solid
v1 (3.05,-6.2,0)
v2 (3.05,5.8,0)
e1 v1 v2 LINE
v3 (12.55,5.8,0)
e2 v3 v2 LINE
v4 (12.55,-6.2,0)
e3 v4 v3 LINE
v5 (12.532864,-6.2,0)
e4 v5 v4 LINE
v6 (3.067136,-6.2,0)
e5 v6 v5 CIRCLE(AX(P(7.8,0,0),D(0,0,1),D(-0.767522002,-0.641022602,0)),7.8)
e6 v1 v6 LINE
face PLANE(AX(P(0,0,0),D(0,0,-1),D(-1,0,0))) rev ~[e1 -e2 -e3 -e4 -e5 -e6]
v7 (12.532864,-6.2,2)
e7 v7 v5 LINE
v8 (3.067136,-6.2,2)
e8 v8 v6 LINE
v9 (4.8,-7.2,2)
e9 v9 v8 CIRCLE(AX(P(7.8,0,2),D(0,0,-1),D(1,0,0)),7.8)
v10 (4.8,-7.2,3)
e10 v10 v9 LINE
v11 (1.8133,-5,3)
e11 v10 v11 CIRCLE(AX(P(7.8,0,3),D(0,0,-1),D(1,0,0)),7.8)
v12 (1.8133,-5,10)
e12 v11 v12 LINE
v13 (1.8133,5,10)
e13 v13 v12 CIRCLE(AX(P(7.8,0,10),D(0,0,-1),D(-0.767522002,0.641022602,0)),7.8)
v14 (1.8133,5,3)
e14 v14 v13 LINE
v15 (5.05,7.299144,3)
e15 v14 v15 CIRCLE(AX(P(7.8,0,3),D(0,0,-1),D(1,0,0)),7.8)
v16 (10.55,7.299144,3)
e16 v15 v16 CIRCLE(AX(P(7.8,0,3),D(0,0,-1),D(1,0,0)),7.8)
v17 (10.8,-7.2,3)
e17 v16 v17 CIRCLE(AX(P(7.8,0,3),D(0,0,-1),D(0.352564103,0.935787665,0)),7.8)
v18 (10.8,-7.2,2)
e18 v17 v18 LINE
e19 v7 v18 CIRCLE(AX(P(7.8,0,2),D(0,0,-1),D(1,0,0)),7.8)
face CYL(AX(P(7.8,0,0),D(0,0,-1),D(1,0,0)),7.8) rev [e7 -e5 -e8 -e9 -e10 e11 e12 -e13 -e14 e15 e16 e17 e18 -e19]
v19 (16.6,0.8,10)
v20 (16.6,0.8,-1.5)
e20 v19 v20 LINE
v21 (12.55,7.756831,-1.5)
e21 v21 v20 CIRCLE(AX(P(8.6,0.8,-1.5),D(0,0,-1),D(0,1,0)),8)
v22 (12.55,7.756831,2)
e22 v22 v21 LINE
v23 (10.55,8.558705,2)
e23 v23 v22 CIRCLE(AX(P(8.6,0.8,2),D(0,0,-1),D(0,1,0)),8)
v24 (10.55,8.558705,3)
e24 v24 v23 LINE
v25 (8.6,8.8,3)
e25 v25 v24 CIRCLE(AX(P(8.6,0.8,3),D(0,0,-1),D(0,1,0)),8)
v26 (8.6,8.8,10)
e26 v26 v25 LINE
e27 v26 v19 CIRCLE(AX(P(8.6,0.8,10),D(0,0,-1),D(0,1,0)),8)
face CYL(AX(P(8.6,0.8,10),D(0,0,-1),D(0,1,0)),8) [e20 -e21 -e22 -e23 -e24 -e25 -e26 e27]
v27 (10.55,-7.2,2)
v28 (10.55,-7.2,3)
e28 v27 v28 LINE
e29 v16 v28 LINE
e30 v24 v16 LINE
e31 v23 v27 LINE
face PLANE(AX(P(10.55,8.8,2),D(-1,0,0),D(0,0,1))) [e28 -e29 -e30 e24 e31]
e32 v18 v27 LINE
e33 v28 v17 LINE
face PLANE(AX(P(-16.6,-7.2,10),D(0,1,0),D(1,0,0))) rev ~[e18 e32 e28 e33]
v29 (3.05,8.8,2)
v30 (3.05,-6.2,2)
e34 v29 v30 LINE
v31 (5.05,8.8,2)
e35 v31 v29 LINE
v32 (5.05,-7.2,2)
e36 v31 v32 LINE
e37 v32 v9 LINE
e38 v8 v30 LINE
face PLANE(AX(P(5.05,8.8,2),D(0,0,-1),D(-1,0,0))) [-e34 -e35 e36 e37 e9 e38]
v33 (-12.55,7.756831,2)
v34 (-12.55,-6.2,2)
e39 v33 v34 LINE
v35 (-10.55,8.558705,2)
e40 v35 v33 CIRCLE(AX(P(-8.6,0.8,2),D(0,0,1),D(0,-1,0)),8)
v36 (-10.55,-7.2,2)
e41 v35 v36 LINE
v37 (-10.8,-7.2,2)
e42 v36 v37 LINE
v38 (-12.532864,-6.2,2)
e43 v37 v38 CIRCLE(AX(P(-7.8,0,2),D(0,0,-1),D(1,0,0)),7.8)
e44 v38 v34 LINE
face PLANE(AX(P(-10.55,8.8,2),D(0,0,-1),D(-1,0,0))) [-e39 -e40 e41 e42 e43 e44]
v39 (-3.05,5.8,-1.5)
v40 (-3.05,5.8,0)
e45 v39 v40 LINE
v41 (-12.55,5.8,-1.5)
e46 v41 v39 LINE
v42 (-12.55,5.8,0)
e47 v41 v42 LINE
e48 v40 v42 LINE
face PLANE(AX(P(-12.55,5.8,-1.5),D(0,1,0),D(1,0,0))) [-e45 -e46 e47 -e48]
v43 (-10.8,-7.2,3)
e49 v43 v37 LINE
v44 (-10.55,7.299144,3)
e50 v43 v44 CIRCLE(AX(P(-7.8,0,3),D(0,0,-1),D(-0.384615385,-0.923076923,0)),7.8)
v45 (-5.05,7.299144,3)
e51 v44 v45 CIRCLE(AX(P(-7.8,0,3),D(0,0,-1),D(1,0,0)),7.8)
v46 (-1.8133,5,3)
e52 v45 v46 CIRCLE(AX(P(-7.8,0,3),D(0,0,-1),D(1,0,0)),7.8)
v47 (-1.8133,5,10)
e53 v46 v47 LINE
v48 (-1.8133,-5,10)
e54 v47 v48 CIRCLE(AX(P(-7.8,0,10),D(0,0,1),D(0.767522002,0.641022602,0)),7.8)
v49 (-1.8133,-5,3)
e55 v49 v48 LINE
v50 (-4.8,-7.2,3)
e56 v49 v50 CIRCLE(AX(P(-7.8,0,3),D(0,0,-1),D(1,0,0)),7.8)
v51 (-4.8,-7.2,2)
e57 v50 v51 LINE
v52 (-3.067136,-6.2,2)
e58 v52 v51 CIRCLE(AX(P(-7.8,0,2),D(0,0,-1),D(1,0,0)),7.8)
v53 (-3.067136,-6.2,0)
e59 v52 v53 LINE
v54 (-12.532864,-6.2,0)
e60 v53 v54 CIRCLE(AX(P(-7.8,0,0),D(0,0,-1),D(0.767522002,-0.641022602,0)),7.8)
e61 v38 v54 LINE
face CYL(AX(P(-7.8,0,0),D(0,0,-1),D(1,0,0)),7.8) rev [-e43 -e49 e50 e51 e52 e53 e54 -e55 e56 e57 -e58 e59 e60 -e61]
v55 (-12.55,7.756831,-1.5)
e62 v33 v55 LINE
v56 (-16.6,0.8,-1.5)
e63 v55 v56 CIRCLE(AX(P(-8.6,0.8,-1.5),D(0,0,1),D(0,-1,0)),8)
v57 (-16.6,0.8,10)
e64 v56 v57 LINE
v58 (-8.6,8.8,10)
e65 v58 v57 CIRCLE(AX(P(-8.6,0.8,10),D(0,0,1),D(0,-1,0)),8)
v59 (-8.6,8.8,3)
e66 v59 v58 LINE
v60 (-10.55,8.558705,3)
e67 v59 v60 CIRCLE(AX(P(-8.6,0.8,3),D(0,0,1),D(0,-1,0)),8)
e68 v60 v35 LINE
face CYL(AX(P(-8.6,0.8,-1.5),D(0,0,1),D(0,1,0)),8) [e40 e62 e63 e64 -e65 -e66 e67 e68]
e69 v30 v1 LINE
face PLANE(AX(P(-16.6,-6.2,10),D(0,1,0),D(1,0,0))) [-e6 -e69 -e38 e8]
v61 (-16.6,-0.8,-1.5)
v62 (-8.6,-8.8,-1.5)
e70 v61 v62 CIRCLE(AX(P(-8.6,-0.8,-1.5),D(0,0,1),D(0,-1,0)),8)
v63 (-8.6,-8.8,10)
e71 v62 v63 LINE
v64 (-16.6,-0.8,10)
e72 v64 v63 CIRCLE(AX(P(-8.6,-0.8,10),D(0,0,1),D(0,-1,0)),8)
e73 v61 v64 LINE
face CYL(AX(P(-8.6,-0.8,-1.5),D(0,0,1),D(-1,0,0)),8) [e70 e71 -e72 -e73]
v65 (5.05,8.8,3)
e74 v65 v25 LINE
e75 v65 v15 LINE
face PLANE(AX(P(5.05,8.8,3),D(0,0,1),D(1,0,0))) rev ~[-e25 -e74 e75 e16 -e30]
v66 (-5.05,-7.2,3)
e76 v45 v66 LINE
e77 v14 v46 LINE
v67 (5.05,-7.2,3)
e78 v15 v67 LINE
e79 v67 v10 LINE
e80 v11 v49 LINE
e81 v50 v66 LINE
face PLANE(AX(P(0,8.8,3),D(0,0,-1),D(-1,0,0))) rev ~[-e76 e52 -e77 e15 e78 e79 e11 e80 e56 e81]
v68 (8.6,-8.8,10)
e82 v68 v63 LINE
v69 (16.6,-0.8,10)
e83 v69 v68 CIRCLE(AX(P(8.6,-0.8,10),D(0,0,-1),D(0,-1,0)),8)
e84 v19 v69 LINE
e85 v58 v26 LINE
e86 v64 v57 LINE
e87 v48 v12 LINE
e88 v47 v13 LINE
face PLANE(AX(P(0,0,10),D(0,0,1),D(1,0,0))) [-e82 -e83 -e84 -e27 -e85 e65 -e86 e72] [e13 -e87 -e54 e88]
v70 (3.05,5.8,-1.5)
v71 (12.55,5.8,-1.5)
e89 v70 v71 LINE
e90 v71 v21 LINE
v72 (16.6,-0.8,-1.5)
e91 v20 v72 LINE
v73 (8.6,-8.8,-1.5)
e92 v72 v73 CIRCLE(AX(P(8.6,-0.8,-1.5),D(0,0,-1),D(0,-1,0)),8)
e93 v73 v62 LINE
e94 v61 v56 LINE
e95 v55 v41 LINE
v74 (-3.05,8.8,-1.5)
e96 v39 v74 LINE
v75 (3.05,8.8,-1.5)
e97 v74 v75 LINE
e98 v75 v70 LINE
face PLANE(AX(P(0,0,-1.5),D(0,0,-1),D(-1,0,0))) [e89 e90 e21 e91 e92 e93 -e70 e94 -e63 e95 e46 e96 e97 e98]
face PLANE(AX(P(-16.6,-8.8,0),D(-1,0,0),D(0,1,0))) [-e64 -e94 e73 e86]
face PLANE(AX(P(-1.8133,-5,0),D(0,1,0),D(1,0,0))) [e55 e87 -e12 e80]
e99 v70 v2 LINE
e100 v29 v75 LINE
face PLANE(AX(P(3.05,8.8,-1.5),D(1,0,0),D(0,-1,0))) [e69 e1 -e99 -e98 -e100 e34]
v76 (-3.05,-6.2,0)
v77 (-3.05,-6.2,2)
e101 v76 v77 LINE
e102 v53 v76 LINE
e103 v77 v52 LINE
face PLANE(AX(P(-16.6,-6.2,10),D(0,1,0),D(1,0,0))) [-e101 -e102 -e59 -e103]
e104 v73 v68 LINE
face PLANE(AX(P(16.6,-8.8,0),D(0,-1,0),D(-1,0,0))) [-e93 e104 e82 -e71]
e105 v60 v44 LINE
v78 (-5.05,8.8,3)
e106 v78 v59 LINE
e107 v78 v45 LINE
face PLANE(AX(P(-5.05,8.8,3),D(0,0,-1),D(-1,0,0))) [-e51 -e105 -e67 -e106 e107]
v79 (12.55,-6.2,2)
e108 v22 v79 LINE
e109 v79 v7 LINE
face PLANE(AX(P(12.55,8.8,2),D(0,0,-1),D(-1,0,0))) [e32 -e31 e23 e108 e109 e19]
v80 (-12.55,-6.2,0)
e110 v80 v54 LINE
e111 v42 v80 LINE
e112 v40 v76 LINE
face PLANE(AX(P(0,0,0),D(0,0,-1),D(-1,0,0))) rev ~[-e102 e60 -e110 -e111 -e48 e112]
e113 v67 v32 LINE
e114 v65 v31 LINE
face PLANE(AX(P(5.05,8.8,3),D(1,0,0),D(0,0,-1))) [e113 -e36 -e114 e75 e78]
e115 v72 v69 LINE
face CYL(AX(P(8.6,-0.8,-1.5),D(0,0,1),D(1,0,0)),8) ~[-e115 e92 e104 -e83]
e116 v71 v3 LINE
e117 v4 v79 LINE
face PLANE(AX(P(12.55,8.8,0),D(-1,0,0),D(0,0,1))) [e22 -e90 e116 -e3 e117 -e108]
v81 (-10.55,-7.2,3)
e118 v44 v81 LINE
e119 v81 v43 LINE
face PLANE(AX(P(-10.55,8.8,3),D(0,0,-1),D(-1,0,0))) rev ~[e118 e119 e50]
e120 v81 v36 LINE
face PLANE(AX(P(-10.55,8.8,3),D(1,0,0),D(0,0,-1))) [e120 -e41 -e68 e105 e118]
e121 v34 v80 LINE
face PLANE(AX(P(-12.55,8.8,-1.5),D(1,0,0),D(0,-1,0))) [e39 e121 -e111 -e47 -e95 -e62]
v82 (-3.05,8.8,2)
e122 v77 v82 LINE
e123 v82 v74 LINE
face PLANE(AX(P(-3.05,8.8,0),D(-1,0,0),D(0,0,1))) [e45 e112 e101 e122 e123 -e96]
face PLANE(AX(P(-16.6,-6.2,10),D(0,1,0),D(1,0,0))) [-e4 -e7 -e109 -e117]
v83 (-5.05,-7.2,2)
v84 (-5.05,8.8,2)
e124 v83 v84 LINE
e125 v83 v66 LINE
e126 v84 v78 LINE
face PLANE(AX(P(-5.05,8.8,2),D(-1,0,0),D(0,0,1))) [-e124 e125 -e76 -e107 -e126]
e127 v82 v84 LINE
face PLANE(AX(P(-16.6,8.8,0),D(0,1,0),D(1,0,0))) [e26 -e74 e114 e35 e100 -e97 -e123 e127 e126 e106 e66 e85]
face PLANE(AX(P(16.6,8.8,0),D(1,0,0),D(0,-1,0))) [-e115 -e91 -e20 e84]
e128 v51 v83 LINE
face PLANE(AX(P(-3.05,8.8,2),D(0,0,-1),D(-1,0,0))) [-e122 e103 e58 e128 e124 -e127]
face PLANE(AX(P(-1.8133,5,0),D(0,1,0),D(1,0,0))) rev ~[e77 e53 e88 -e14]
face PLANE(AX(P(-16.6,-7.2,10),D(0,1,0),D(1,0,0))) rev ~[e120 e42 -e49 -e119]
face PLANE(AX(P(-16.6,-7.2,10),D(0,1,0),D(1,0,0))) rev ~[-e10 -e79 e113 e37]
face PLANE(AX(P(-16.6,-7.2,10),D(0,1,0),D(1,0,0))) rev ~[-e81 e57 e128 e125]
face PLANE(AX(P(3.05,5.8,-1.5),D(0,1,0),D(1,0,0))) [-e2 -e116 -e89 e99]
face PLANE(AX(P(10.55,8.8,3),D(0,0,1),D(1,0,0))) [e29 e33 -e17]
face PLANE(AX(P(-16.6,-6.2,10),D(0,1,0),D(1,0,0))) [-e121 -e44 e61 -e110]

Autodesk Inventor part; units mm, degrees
ref_plane "YZ Plane" through (0, 0, 0) normal (1, 0, 0) x (0, 1, 0)
ref_plane "XZ Plane" through (0, 0, 0) normal (0, 1, 0) x (-1, 0, 0)
ref_plane "XY Plane" through (0, 0, 0) normal (0, 0, 1) x (1, 0, 0)
sketch "スケッチ4" plane through (0, 0, 0) normal (0, 0, 1) x (1, 0, 0)
  circle A0 centre (-7.8, 0) radius 7.8
  circle A1 centre (7.8, 0) radius 7.8
  line L0 (-15.6, -7.8) -> (15.6, -7.8)
  line L1 (15.6, -7.8) -> (15.6, 7.8)
  line L2 (15.6, 7.8) -> (-15.6, 7.8)
  line L3 (-15.6, 7.8) -> (-15.6, -7.8)
  line L4 (-16.6, 8.8) -> (16.6, 8.8)
  line L5 (16.6, 8.8) -> (16.6, -8.8)
  line L6 (16.6, -8.8) -> (-16.6, -8.8)
  line L7 (-16.6, -8.8) -> (-16.6, 8.8)
  line L8 (-1.8133, 5) -> (1.8133, 5)
  line L9 (-1.8133, -5) -> (1.8133, -5)
  point P0 (0, 0)
  dimension "d12" = 15.6
  dimension "d13" = 1
  dimension "d14" = 10
extrude "押し出し4" add sketch "スケッチ4" along normal blind 10 contours A0 L2 A1 L8 | L9 A1 L0 A0 | A0 L3 L2 | L0 L3 A0 | L2 L1 A1 | A1 L1 L0 | L4 L5 L6 L7
sketch "スケッチ5" plane through (0, 0, 0) normal (0, 0, -1) x (-1, 0, 0)
  arc A0 (-1.8133, 5) -> (-1.8133, -5) centre (-7.8, 0) ccw projected
  line L0 (-1.8133, 5) -> (1.8133, 5) projected
  arc A1 (1.8133, -5) -> (1.8133, 5) centre (7.8, 0) ccw projected
  line L1 (1.8133, -5) -> (-1.8133, -5) projected
  line L2 (16.6, 8.8) -> (-16.6, 8.8) projected
  line L3 (-16.6, 8.8) -> (-16.6, -8.8) projected
  line L4 (-16.6, -8.8) -> (16.6, -8.8) projected
  line L5 (16.6, -8.8) -> (16.6, 8.8) projected
  point P0 (0, 0)
extrude "押し出し5" add sketch "スケッチ5" along normal blind 1.5 contours L0 A1 L1 A0 | L5 L4 L3 L2
sketch "スケッチ6" plane through (-16.6, 8.8, 10) normal (0, 1, 0) x (1, 0, 0)
  line L0 (14.7867, 10) -> (14.7867, 10) construction
  line L1 (14.7867, 10) -> (14.7867, 0) construction
  line L2 (14.7867, 0) -> (14.7867, 0) construction
  line L3 (14.7867, 10) -> (14.7867, 0) construction
  line L4 (18.4133, 10) -> (18.4133, 10) construction
  line L5 (18.4133, 10) -> (18.4133, 0) construction
  line L6 (18.4133, 0) -> (18.4133, 0) construction
  line L7 (18.4133, 10) -> (18.4133, 0) construction
  line L8 (18.4133, 10) -> (18.4133, 10) construction
  line L9 (18.4133, 10) -> (14.7867, 10) construction
  line L10 (14.7867, 10) -> (14.7867, 10) construction
  line L11 (14.7867, 10) -> (18.4133, 10) construction
  line L12 (14.7867, 10) -> (1, 10) construction
  line L13 (1, 10) -> (1, 8) construction
  line L14 (1, 8) -> (16.6, 8) construction
  line L15 (14.7867, 8) -> (14.7867, 10) construction
  line L16 (32.2, 10) -> (32.2, 0) construction
  line L17 (18.4133, 10) -> (32.2, 10) construction
  line L18 (32.2, 10) -> (32.2, 8) construction
  line L19 (32.2, 8) -> (16.6, 8) construction
  line L20 (18.4133, 7.5) -> (18.4133, 10) construction
  line L21 (4.05, 10) -> (13.55, 10)
  line L22 (13.55, 10) -> (13.55, 8)
  line L23 (13.55, 8) -> (4.05, 8)
  line L24 (4.05, 8) -> (4.05, 10)
  line L25 (18.4133, 10) -> (32.2, 10) projected
  line L26 (19.65, 10) -> (29.15, 10)
  line L27 (29.15, 10) -> (29.15, 8)
  line L28 (29.15, 8) -> (19.65, 8)
  line L29 (19.65, 8) -> (19.65, 10)
  line L30 (1, 10) -> (16.6, 10)
  line L31 (16.6, 10) -> (16.6, 7)
  line L32 (16.6, 7) -> (1, 7)
  line L33 (1, 7) -> (1, 10)
  line L34 (32.2, 10) -> (16.6, 10)
  line L35 (16.6, 10) -> (16.6, 7)
  line L36 (16.6, 7) -> (32.2, 7)
  line L37 (32.2, 7) -> (32.2, 10)
  line L38 (6.05, 8) -> (11.55, 8)
  line L39 (11.55, 8) -> (11.55, 7)
  line L40 (11.55, 7) -> (6.05, 7)
  line L41 (6.05, 7) -> (6.05, 8)
  line L42 (21.65, 8) -> (27.15, 8)
  line L43 (27.15, 8) -> (27.15, 7)
  line L44 (27.15, 7) -> (21.65, 7)
  line L45 (21.65, 7) -> (21.65, 8)
  point P0 (16.6, 10)
  point P1 (24.4, 8)
  point P2 (8.8, 8)
  dimension "d19" = 2
  dimension "d20" = 9.5
  dimension "d21" = 1
  dimension "d22" = 5.5
extrude "押し出し6" cut sketch "スケッチ6" against normal blind 15 contours L21 L22 L23 L24 | L23 L39 L32 L41 | L45 L28 L43 L36 | L25 L27 L28 L29
extrude "押し出し7" add sketch "スケッチ6" against normal blind 16 contours L24 L23 L41 L32 L33 L30 | L30 L31 L32 L39 L23 L22 | L34 L25 L29 L28 L45 L36 L31 | L43 L28 L27 L25 L37 L36
sketch "スケッチ7" plane through (0, 0, -1.5) normal (0, 0, -1) x (-1, 0, 0)
  line L0 (12.55, 8.8) -> (12.55, -6.2) construction
  line L1 (3.05, 8.8) -> (3.05, -6.2) construction
  line L2 (12.55, 8.8) -> (3.05, 8.8) construction
  line L3 (-12.55, 8.8) -> (-12.55, -6.2) construction
  line L4 (-3.05, 8.8) -> (-12.55, 8.8) construction
  line L5 (-3.05, 8.8) -> (-3.05, -6.2) construction
  line L6 (-3.05, 8.8) -> (-3.05, -6.2) projected
  line L7 (-12.55, 8.8) -> (-3.05, 8.8)
  line L8 (-3.05, 8.8) -> (-3.05, 5.8)
  line L9 (-3.05, 5.8) -> (-12.55, 5.8)
  line L10 (-12.55, 5.8) -> (-12.55, 8.8)
  line L11 (3.05, 8.8) -> (12.55, 8.8)
  line L12 (12.55, 8.8) -> (12.55, 5.8)
  line L13 (12.55, 5.8) -> (3.05, 5.8)
  line L14 (3.05, 5.8) -> (3.05, 8.8)
  line L15 (-3.05, -6.2) -> (-3.0671, -6.2) projected
  arc A0 (-12.5329, -6.2) -> (-3.0671, -6.2) centre (-7.8, 0) ccw projected
  line L16 (-12.5329, -6.2) -> (-12.55, -6.2) projected
  line L17 (12.55, -6.2) -> (12.5329, -6.2) projected
  arc A1 (3.0671, -6.2) -> (12.5329, -6.2) centre (7.8, 0) ccw projected
  line L18 (3.0671, -6.2) -> (3.05, -6.2) projected
  point P0 (0, 0)
  point P1 (-3.05, -5.2)
  dimension "d27" = 3
extrude "押し出し8" cut sketch "スケッチ7" against normal up to next
fillet "フィレット1" radius 8 4 edges at (16.6, 8.8, 4.25) (16.6, -8.8, 4.25) (-16.6, 8.8, 4.25) (-16.6, -8.8, 4.25)
properties part number "CaseBottom_CR123A"
